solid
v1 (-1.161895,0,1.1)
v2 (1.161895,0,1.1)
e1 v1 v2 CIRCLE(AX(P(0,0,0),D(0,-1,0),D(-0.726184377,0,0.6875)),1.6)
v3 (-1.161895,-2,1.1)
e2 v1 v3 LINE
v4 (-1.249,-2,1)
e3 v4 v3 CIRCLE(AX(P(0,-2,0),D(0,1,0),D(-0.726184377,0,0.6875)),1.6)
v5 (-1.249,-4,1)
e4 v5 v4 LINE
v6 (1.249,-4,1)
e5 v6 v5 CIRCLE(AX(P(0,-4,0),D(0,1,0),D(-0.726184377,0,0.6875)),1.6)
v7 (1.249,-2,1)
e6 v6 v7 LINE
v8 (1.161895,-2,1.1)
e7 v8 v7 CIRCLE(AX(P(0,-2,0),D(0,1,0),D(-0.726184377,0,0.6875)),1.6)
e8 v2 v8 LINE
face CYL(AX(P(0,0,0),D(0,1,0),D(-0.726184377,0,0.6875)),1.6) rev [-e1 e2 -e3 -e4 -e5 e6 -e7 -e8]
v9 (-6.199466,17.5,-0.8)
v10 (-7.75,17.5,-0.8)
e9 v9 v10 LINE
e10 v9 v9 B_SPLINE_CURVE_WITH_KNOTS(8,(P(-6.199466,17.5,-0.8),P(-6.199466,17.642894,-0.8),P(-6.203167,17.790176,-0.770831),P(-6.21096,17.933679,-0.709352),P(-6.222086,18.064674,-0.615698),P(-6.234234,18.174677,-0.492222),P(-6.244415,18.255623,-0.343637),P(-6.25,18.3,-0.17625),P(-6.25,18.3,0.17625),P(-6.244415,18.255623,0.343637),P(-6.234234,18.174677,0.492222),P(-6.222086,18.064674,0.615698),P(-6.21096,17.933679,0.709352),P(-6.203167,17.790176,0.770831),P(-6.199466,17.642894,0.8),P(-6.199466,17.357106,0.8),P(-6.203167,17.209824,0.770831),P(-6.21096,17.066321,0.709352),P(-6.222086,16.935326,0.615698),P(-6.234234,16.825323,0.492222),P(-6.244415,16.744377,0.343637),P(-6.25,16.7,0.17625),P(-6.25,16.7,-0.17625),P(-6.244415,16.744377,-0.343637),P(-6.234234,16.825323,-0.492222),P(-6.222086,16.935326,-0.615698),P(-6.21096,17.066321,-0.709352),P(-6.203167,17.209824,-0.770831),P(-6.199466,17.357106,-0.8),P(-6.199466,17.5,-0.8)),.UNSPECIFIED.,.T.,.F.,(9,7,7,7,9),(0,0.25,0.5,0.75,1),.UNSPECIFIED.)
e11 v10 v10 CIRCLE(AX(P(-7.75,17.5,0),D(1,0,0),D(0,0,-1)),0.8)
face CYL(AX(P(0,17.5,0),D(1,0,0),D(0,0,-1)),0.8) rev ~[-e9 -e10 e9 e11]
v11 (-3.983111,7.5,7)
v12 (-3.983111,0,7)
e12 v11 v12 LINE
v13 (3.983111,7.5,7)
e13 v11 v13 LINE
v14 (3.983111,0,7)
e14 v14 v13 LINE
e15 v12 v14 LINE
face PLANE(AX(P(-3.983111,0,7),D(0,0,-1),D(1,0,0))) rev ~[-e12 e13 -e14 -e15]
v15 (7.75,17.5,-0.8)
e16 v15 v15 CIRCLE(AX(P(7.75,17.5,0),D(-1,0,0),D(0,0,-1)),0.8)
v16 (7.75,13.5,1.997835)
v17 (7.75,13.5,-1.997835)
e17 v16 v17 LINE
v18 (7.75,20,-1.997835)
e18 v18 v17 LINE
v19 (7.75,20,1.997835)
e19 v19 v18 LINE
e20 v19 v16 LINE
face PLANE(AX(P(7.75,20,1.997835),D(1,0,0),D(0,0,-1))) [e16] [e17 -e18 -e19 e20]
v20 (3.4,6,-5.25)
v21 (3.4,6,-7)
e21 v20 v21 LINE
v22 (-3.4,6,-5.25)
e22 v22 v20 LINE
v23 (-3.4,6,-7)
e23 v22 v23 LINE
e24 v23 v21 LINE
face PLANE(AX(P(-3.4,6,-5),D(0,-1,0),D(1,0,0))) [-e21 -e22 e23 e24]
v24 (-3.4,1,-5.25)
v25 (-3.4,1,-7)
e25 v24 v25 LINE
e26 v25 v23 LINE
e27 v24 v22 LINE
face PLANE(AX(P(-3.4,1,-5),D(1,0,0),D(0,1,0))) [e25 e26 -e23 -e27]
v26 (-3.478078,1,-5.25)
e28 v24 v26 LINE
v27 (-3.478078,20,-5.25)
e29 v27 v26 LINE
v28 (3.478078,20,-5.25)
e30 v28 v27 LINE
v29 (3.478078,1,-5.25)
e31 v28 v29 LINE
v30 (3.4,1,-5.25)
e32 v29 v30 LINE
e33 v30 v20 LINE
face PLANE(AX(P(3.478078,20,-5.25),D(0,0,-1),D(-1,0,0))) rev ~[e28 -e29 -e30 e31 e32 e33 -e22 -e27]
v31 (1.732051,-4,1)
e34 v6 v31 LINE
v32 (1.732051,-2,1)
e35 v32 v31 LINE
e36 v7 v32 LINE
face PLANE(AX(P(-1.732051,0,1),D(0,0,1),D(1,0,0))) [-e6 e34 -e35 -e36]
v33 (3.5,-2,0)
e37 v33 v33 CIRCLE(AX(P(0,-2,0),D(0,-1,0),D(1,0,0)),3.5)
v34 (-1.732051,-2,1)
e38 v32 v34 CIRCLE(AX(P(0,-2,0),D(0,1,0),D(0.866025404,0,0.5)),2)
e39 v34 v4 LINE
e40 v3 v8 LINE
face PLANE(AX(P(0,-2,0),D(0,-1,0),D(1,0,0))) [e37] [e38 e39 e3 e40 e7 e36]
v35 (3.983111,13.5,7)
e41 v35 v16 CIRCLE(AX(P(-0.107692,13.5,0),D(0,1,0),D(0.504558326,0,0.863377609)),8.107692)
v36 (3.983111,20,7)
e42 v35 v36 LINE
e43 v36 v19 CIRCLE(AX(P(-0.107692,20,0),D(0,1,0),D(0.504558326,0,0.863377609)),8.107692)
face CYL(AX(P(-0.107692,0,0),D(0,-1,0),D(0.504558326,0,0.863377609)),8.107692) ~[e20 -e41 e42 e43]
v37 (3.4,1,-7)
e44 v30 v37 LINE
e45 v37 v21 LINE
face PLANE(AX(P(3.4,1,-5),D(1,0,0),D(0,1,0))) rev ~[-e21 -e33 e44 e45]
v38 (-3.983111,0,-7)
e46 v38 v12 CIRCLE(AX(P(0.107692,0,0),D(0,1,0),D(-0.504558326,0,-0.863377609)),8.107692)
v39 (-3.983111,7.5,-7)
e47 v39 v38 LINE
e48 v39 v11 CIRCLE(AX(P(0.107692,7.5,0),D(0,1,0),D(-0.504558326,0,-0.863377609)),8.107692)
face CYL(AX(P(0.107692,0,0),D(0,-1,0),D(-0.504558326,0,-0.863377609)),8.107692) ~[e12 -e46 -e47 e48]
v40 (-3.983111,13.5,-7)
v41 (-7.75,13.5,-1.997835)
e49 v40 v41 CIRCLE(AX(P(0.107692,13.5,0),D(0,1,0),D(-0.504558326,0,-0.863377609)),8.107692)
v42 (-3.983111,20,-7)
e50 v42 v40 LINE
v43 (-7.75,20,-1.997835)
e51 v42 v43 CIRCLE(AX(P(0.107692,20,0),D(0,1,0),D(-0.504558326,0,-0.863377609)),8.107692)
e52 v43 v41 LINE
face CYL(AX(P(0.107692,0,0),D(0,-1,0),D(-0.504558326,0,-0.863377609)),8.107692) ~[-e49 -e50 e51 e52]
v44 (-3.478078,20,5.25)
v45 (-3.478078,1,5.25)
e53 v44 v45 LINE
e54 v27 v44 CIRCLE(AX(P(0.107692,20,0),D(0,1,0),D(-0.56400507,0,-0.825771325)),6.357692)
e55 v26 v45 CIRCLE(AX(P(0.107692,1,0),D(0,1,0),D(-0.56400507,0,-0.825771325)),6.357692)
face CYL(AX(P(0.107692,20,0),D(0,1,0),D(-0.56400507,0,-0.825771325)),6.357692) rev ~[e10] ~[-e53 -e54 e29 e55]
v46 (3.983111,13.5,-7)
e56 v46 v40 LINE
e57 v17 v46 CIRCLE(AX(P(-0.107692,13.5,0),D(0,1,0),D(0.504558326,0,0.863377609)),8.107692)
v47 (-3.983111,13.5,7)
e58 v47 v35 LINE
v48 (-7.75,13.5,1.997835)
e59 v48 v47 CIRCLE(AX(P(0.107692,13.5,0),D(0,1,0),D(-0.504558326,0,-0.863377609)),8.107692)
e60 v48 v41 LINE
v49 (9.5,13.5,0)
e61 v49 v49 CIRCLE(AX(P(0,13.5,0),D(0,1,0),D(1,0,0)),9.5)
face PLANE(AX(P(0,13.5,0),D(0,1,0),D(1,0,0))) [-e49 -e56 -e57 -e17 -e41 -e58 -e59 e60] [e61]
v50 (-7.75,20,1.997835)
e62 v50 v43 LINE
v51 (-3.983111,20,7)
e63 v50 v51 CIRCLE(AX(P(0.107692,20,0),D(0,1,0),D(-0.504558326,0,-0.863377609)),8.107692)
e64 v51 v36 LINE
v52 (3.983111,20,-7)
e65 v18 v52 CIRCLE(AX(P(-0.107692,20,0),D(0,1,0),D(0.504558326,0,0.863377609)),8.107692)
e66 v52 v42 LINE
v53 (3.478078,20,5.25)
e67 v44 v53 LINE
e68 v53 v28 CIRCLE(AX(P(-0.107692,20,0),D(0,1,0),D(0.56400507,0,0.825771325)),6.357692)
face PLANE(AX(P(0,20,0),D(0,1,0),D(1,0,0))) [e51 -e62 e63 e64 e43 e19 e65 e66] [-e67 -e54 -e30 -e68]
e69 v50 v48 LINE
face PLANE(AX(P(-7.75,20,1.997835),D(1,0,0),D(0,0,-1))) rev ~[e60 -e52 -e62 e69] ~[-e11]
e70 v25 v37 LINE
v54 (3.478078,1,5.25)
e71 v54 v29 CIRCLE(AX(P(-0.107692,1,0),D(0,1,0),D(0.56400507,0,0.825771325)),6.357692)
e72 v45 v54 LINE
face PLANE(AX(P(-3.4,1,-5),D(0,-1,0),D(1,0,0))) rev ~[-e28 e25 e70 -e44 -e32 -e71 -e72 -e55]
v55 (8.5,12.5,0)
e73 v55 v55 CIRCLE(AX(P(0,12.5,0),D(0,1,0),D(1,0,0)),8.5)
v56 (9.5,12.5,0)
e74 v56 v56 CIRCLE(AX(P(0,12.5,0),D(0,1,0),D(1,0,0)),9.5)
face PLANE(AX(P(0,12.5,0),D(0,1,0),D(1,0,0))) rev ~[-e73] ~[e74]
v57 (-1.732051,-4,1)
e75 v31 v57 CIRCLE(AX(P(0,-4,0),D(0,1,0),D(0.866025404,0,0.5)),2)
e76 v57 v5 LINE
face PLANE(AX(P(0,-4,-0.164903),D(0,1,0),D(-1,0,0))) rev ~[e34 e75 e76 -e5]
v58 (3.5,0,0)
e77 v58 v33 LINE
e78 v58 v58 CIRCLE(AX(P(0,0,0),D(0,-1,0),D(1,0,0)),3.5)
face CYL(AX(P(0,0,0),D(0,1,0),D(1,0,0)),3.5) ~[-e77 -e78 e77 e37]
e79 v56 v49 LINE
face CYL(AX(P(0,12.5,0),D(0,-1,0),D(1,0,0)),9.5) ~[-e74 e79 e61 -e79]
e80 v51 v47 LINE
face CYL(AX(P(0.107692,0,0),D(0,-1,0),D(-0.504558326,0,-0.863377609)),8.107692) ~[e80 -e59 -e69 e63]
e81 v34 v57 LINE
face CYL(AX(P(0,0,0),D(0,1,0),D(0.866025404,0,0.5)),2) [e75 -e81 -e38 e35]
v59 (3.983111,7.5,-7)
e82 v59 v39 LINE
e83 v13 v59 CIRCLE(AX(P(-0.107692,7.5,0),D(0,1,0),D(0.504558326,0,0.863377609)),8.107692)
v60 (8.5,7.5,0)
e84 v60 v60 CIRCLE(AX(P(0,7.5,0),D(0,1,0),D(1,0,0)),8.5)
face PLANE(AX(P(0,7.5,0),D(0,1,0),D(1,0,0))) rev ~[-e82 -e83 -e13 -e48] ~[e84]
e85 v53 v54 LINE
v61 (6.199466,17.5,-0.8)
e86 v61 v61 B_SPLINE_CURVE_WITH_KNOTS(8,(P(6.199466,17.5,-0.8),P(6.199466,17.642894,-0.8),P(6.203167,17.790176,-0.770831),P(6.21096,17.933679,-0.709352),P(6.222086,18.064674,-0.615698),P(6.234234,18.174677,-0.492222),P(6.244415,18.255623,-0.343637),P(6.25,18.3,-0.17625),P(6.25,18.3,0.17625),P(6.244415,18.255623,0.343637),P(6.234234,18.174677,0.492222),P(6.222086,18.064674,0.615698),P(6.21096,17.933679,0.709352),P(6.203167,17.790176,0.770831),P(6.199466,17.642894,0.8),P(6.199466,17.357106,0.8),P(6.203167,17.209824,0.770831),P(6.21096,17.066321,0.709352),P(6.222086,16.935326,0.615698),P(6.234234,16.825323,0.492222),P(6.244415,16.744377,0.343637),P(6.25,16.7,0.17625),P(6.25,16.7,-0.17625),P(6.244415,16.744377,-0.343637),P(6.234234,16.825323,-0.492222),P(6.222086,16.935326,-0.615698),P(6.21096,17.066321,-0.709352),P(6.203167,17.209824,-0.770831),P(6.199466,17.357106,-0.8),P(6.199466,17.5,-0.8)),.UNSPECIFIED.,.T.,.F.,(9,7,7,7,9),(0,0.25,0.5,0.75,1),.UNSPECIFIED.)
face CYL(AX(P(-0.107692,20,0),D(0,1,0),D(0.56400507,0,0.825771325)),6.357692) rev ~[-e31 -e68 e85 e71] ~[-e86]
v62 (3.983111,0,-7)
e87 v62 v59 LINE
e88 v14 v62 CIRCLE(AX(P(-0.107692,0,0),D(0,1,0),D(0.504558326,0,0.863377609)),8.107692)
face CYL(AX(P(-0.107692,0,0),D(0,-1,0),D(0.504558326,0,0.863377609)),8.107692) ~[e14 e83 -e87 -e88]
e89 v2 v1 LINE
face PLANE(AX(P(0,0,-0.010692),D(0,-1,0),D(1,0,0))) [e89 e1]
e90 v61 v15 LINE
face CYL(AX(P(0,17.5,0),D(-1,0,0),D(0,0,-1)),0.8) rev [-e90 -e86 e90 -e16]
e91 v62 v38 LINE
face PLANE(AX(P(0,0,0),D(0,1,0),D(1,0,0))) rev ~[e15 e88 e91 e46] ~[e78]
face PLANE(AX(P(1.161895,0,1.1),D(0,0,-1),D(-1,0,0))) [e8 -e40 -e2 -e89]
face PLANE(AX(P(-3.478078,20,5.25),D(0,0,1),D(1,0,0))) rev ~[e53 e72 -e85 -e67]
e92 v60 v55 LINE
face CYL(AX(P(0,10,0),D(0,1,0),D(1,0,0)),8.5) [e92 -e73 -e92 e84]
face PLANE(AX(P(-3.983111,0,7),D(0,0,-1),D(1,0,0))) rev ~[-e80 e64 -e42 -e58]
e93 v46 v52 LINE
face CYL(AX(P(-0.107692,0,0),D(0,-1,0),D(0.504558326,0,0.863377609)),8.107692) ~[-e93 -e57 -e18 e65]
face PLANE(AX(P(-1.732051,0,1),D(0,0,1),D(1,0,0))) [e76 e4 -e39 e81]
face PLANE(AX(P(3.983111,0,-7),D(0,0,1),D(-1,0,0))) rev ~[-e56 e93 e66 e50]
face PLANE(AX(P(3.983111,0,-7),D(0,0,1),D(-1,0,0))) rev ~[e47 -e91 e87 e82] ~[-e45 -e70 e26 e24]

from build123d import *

# Parameters (mm, degrees)
BOSS_EXTRUDE3_DEPTH     = 20
BOSS_EXTRUDE5_DEPTH     = 1
SKETCH18_W              = 6.8
SKETCH18_H              = 5
CUT_EXTRUDE3_DEPTH      = 3
SKETCH25_R              = 8.5
BOSS_EXTRUDE6_DEPTH     = 2.5
SKETCH26_R              = 9.5
BOSS_EXTRUDE7_DEPTH     = 1
BOSS_EXTRUDE11_DEPTH    = 4
CUT_EXTRUDE7_DEPTH      = 4
SKETCH35_R              = 3.5
BOSS_EXTRUDE12_DEPTH    = 2
SKETCH36_R              = 0.8
CUT_EXTRUDE8_DEPTH      = 10.5
CUT_EXTRUDE8_DEPTH_BACK = 10.5
CUT_EXTRUDE9_DEPTH      = 6.5
CUT_EXTRUDE10_DEPTH     = 5
CUT_EXTRUDE11_DEPTH     = 19


with BuildPart() as part:
    # Sketch5 → Boss-Extrude3 (new body)
    with BuildSketch(Plane(origin=(0, 0, 0), x_dir=(1, 0, 0), z_dir=(0, 1, 0))):
        with BuildLine():
            Line((-3.983111349, -7), (3.983111349, -7))
            ThreePointArc((3.983111349, -7), (8, 0), (3.983111349, 7))
            Line((3.983111349, 7), (-3.983111349, 7))
            ThreePointArc((-3.983111349, 7), (-8, 0), (-3.983111349, -7))
        make_face()
        with BuildLine():
            Line((-3.4, -5), (3.4, -5))
            ThreePointArc((3.4, -5), (6, 0), (3.4, 5))
            Line((3.4, 5), (-3.4, 5))
            ThreePointArc((-3.4, 5), (-6, 0), (-3.4, -5))
        make_face(mode=Mode.SUBTRACT)
    extrude(amount=BOSS_EXTRUDE3_DEPTH)

    # Sketch7 → Boss-Extrude5 (add)
    with BuildSketch(Plane(origin=(0, 0, 0), x_dir=(1, 0, 0), z_dir=(0, 1, 0))):
        with BuildLine():
            Line((3.983111349, 7), (-3.983111349, 7))
            ThreePointArc((-3.983111349, 7), (-8, 0), (-3.983111349, -7))
            Line((-3.983111349, -7), (3.983111349, -7))
            ThreePointArc((3.983111349, -7), (8, 0), (3.983111349, 7))
        make_face()
    extrude(amount=BOSS_EXTRUDE5_DEPTH)

    # Sketch18 → Cut-Extrude3 (cut, through all)
    with BuildSketch(Plane.XY.offset(-5)):
        with Locations((0, 3.5)):
            Rectangle(SKETCH18_W, SKETCH18_H)
    extrude(amount=-CUT_EXTRUDE3_DEPTH, mode=Mode.SUBTRACT)

    # Sketch25 → Boss-Extrude6 (add, symmetric)
    with BuildSketch(Plane(origin=(0, 10, 0), x_dir=(1, 0, 0), z_dir=(0, 1, 0))):
        Circle(SKETCH25_R)
        with BuildLine():
            Line((3.983111349, 7), (-3.983111349, 7))
            ThreePointArc((-3.983111349, 7), (-8, 0), (-3.983111349, -7))
            Line((-3.983111349, -7), (3.983111349, -7))
            ThreePointArc((3.983111349, -7), (8, 0), (3.983111349, 7))
        make_face(mode=Mode.SUBTRACT)
    extrude(amount=BOSS_EXTRUDE6_DEPTH, both=True)

    # Sketch26 → Boss-Extrude7 (add)
    with BuildSketch(Plane(origin=(0, 12.5, 0), x_dir=(1, 0, 0), z_dir=(0, 1, 0))):
        Circle(SKETCH26_R)
        with BuildLine():
            Line((3.983111349, 7), (-3.983111349, 7))
            ThreePointArc((-3.983111349, 7), (-8, 0), (-3.983111349, -7))
            Line((-3.983111349, -7), (3.983111349, -7))
            ThreePointArc((3.983111349, -7), (8, 0), (3.983111349, 7))
        make_face(mode=Mode.SUBTRACT)
    extrude(amount=BOSS_EXTRUDE7_DEPTH)

    # Sketch32 → Boss-Extrude11 (add)
    with BuildSketch(Plane.XZ):
        with BuildLine():
            Line((-1.732050808, 1), (1.732050808, 1))
            ThreePointArc((1.732050808, 1), (0, -2), (-1.732050808, 1))
        make_face()
    extrude(amount=BOSS_EXTRUDE11_DEPTH)

    # Sketch34 → Cut-Extrude7 (cut)
    with BuildSketch(Plane.XZ.offset(4)):
        with BuildLine():
            Line((-1.118033989, 1), (1.118033989, 1))
            ThreePointArc((1.118033989, 1), (0, -1.5), (-1.118033989, 1))
        make_face()
    extrude(amount=-CUT_EXTRUDE7_DEPTH, mode=Mode.SUBTRACT)

    # Sketch35 → Boss-Extrude12 (add)
    with BuildSketch(Plane.XZ):
        Circle(SKETCH35_R)
        with BuildLine():
            Line((-1.118033989, 1), (1.118033989, 1))
            ThreePointArc((1.118033989, 1), (0, -1.5), (-1.118033989, 1))
        make_face(mode=Mode.SUBTRACT)
    extrude(amount=BOSS_EXTRUDE12_DEPTH)

    # Sketch36 → Cut-Extrude8 (cut, two sides)
    with BuildSketch(Plane(origin=(0, 0, 0), x_dir=(0, 0, -1), z_dir=(1, 0, 0))) as cut_extrude8_sk:
        with Locations((0, 17.5)):
            Circle(SKETCH36_R)
    extrude(amount=CUT_EXTRUDE8_DEPTH, mode=Mode.SUBTRACT)
    extrude(cut_extrude8_sk.sketch, amount=-CUT_EXTRUDE8_DEPTH_BACK, mode=Mode.SUBTRACT)

    # Sketch37 → Cut-Extrude9 (cut)
    with BuildSketch(Plane(origin=(0, 20, 0), x_dir=(1, 0, 0), z_dir=(0, 1, 0))):
        with BuildLine():
            Line((7.75, -1.997835367), (7.75, 1.997835367))
            ThreePointArc((7.75, 1.997835367), (8, 0), (7.75, -1.997835367))
        make_face()
        with BuildLine():
            Line((-7.75, -1.997835367), (-7.75, 1.997835367))
            ThreePointArc((-7.75, 1.997835367), (-8, 0), (-7.75, -1.997835367))
        make_face()
    extrude(amount=-CUT_EXTRUDE9_DEPTH, mode=Mode.SUBTRACT)

    # Sketch38 → Cut-Extrude10 (cut, through all)
    with BuildSketch(Plane.XZ):
        with BuildLine():
            Line((1.161895004, 1.1), (-1.161895004, 1.1))
            ThreePointArc((-1.161895004, 1.1), (0, -1.6), (1.161895004, 1.1))
        make_face()
    extrude(amount=CUT_EXTRUDE10_DEPTH, mode=Mode.SUBTRACT)

    # Sketch39 → Cut-Extrude11 (cut)
    with BuildSketch(Plane(origin=(0, 20, 0), x_dir=(1, 0, 0), z_dir=(0, 1, 0))):
        with BuildLine():
            Line((3.478078388, 5.25), (-3.478078388, 5.25))
            ThreePointArc((-3.478078388, 5.25), (-6.25, 0), (-3.478078388, -5.25))
            Line((-3.478078388, -5.25), (3.478078388, -5.25))
            ThreePointArc((3.478078388, -5.25), (6.25, 0), (3.478078388, 5.25))
        make_face()
        with BuildLine():
            Line((-3.4, 5), (3.4, 5))
            ThreePointArc((3.4, 5), (6, 0), (3.4, -5))
            Line((3.4, -5), (-3.4, -5))
            ThreePointArc((-3.4, -5), (-6, 0), (-3.4, 5))
        make_face(mode=Mode.SUBTRACT)
    extrude(amount=-CUT_EXTRUDE11_DEPTH, mode=Mode.SUBTRACT)


solid = part.part
